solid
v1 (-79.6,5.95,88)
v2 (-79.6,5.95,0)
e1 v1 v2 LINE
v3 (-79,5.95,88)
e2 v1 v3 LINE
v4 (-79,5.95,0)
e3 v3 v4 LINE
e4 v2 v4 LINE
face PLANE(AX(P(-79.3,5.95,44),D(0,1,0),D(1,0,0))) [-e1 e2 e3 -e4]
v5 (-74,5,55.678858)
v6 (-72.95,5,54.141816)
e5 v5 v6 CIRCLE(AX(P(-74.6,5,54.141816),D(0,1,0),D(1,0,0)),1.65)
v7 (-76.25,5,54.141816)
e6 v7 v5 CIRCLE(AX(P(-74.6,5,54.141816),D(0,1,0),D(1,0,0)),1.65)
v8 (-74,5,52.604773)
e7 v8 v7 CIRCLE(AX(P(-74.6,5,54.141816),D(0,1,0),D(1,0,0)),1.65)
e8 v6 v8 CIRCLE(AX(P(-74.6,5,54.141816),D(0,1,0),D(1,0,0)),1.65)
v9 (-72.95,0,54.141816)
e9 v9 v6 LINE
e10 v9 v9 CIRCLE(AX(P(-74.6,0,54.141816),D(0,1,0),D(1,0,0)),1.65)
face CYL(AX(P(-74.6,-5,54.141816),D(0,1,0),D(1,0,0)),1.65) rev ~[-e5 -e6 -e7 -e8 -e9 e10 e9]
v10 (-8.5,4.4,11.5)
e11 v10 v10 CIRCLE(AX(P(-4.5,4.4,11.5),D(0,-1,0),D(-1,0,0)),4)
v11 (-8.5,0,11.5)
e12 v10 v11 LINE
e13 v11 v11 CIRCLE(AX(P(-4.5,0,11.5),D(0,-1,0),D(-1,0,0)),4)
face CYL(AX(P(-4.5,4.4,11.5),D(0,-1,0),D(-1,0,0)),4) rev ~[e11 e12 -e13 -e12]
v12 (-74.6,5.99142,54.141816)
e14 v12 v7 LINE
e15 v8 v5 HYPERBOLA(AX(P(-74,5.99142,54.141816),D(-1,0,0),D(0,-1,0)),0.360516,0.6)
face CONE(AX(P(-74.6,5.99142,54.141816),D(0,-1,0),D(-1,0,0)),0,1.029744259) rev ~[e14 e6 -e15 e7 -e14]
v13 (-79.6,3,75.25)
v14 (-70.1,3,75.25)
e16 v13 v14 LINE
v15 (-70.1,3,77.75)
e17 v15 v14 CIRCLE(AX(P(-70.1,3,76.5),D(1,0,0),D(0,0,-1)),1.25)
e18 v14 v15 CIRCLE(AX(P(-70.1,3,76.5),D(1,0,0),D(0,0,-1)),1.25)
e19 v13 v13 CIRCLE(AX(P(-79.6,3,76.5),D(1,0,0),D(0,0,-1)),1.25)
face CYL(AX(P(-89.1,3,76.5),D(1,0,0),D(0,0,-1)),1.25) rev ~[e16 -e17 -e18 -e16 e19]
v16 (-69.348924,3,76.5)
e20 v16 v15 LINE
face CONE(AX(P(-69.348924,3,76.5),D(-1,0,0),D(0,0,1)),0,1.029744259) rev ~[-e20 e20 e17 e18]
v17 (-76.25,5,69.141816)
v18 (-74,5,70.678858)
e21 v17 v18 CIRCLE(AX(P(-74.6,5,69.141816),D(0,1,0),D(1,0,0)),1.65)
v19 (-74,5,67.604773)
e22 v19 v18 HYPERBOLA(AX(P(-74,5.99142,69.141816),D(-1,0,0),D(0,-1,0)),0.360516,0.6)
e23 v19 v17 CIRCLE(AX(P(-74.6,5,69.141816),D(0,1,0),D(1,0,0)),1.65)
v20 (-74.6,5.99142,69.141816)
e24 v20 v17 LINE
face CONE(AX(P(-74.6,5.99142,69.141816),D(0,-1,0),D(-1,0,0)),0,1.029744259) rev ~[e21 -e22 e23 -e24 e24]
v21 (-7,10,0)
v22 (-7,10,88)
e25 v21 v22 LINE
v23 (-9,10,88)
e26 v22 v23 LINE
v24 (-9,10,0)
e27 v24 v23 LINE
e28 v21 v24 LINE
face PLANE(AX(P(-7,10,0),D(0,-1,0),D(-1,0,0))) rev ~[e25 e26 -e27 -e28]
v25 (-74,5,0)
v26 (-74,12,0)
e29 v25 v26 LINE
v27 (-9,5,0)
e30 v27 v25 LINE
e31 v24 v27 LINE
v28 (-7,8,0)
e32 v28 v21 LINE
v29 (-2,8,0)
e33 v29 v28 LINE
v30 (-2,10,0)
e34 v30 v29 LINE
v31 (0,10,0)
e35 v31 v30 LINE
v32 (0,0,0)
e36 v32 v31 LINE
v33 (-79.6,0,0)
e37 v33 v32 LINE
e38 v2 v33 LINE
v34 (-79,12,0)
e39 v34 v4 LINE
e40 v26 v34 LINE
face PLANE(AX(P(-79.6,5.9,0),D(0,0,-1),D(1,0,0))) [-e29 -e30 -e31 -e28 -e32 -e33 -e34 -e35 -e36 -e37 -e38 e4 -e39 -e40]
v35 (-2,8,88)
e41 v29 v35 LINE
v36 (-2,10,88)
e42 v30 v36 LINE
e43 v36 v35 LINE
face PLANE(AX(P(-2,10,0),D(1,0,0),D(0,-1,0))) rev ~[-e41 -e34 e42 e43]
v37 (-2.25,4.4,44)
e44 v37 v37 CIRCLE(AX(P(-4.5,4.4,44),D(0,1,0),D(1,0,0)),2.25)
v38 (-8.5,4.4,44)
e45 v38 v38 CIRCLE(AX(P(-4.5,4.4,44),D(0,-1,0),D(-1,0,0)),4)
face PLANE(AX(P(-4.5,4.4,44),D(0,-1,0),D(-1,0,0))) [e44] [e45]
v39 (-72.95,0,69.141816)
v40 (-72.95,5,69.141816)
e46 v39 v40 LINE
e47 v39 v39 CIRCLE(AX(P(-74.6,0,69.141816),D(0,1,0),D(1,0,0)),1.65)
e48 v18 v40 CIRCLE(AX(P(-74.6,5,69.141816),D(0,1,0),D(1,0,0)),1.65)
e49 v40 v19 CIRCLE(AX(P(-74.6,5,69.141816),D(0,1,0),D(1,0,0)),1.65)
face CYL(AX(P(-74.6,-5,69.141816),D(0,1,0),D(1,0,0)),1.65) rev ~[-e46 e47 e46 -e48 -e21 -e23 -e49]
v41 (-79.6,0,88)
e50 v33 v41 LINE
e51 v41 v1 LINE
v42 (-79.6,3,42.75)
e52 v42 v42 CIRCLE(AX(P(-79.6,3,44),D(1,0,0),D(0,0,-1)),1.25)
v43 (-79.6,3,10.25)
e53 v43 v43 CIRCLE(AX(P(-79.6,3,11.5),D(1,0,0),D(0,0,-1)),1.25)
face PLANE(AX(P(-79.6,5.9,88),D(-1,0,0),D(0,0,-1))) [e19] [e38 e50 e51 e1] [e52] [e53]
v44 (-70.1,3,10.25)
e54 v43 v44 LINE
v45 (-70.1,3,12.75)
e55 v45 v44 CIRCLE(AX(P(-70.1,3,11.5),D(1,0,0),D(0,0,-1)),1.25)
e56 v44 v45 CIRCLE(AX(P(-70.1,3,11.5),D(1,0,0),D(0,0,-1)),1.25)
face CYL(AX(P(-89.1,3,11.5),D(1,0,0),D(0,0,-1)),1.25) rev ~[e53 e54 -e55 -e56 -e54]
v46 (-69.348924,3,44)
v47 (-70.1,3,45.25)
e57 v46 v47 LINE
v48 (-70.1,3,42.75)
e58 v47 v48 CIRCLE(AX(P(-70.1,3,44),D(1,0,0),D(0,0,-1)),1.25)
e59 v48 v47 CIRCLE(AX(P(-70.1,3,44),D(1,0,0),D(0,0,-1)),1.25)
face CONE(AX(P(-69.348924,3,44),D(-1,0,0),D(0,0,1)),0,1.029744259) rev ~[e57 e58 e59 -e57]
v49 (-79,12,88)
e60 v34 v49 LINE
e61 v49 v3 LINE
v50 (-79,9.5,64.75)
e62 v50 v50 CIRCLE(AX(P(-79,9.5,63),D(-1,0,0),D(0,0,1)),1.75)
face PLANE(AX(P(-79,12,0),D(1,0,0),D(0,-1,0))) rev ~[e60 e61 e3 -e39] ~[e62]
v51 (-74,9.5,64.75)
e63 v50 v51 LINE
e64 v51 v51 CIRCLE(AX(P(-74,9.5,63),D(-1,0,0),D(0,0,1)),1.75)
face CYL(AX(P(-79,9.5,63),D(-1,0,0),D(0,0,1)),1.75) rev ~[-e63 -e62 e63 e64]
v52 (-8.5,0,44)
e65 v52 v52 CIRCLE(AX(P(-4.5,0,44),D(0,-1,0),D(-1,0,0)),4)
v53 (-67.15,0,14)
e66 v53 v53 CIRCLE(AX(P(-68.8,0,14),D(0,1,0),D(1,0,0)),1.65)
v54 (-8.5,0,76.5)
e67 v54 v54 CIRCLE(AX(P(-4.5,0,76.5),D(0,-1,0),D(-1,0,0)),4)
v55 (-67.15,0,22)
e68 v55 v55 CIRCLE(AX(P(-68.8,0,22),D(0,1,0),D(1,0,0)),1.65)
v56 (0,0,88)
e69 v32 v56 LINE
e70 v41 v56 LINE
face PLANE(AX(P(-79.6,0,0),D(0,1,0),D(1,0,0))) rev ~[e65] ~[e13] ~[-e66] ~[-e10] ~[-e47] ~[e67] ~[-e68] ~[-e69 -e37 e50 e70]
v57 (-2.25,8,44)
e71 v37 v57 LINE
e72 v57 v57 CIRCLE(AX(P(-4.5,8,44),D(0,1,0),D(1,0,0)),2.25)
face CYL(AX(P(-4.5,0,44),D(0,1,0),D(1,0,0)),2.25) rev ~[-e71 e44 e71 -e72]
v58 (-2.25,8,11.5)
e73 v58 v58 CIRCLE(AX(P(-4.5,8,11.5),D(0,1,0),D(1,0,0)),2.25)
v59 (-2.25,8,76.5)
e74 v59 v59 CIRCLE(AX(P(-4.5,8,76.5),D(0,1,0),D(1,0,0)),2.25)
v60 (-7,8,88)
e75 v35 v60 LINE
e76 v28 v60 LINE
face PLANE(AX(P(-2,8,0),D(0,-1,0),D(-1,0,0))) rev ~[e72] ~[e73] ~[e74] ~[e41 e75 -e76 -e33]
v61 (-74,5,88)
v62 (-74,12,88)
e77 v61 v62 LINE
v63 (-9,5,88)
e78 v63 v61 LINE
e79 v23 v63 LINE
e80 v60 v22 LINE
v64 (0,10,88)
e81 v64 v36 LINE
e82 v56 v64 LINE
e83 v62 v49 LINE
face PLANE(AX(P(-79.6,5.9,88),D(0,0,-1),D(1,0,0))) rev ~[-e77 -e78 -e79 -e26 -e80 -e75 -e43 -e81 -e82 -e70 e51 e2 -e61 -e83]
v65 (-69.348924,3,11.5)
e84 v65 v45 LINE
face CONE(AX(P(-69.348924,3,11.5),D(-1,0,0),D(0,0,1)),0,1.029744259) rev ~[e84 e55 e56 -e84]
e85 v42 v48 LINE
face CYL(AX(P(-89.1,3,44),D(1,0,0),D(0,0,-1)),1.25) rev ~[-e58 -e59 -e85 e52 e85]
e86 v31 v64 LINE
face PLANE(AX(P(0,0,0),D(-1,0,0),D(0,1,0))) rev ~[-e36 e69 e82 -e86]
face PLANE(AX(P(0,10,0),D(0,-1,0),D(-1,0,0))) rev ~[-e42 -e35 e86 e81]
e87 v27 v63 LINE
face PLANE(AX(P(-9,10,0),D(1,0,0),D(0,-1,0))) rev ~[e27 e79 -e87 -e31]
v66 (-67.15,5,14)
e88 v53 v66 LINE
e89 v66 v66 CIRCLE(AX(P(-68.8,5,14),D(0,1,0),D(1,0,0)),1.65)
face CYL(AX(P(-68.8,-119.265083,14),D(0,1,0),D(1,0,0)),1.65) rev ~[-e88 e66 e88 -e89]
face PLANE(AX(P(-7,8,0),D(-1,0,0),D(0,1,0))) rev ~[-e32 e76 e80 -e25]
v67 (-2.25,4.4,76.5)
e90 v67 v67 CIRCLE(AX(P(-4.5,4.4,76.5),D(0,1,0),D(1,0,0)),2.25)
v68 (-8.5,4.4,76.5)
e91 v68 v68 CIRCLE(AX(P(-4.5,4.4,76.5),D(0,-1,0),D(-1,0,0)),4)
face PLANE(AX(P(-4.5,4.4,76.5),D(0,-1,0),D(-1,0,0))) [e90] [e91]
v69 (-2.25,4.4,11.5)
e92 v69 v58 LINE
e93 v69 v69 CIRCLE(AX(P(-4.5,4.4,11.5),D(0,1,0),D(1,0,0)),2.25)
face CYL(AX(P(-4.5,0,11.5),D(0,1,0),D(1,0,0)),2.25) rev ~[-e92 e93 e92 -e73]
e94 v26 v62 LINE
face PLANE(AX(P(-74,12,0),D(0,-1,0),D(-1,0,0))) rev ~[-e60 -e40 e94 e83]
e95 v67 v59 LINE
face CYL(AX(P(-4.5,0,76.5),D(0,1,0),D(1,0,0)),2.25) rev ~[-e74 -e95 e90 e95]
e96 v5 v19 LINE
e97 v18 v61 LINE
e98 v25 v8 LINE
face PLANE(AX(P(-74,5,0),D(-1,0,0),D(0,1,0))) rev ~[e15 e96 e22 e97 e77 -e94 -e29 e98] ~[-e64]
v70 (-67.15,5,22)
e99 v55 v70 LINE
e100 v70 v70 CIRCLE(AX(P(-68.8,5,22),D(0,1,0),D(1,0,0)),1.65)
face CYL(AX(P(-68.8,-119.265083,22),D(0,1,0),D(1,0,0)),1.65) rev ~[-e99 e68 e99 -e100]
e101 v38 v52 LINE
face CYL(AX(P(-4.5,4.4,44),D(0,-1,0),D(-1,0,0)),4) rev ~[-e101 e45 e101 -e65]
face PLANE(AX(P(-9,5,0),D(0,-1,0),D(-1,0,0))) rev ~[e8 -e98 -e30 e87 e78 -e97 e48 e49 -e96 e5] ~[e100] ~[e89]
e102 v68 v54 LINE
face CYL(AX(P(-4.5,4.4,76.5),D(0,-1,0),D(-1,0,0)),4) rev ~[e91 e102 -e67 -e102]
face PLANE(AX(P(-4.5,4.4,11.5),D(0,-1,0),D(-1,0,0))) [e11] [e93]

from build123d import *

# Parameters (mm, degrees)
EXTRUDE_1_DEPTH              = 88
HOLE_WIZARD_M4_1_D           = 4.5
HOLE_WIZARD_M4_1_CBORE_D     = 8
HOLE_WIZARD_M4_1_CBORE_DEPTH = 4.4
HOLE_WIZARD_M4_1_2_D         = 3.3
HOLE_WIZARD_M3_1_D           = 2.5
HOLE_WIZARD_M3_1_DEPTH       = 9.5
HOLE_WIZARD_M3_1_TIP         = 0.751075774
SKETCH_8_R                   = 1.75
CUT_EXTRUDE_1_DEPTH          = 5
SKETCH_9_W                   = 0.6
SKETCH_9_H                   = 88
EXTRUDE_2_DEPTH              = 0.05
HOLE_WIZARD_M4_2_D           = 3.3
HOLE_WIZARD_M4_2_DEPTH       = 5
HOLE_WIZARD_M4_2_TIP         = 0.991420021


with BuildPart() as part:
    # 草图1 → 凸台-拉伸1 (new body)
    with BuildSketch(Plane.XY):
        Polygon((-9, 10), (-9, 5), (-74, 5), (-74, 12), (-79, 12), (-79, 5.9), (-79.6, 5.9), (-79.6, 0), (0, 0), (0, 10), (-2, 10), (-2, 8), (-7, 8), (-7, 10), align=None)
    extrude(amount=EXTRUDE_1_DEPTH)

    # Hole Wizard M4 _1 (through all)
    with Locations(Plane(origin=(0, 0, 0), x_dir=(-1, 0, 0), z_dir=(0, -1, 0))):
        with Locations((4.5, -11.5), (4.5, -44), (4.5, -76.5)):
            CounterBoreHole(HOLE_WIZARD_M4_1_D / 2, HOLE_WIZARD_M4_1_CBORE_D / 2, HOLE_WIZARD_M4_1_CBORE_DEPTH)

    # Hole Wizard M4 _1 2 (through all)
    with Locations(Plane(origin=(0, 0, 0), x_dir=(-1, 0, 0), z_dir=(0, -1, 0))):
        with Locations((68.8, -14), (68.8, -22)):
            Hole(HOLE_WIZARD_M4_1_2_D / 2)

    # M3 螺纹孔1
    with Locations(Plane.ZY.offset(79.6)):
        with Locations((11.5, 3), (44, 3), (76.5, 3)):
            Hole(HOLE_WIZARD_M3_1_D / 2, depth=HOLE_WIZARD_M3_1_DEPTH)
            with Locations((0, 0, -(HOLE_WIZARD_M3_1_DEPTH + HOLE_WIZARD_M3_1_TIP / 2))):  # 118° drill point
                Cone(0, HOLE_WIZARD_M3_1_D / 2, HOLE_WIZARD_M3_1_TIP, mode=Mode.SUBTRACT)

    # 草图8 → 切除-拉伸1 (cut)
    with BuildSketch(Plane.ZY.offset(79)):
        with Locations((63, 9.5)):
            Circle(SKETCH_8_R)
    extrude(amount=-CUT_EXTRUDE_1_DEPTH, mode=Mode.SUBTRACT)

    # 草图9 → 凸台-拉伸2 (add)
    with BuildSketch(Plane(origin=(0, 5.9, 0), x_dir=(1, 0, 0), z_dir=(0, 1, 0))):
        with Locations((-79.3, -44)):
            Rectangle(SKETCH_9_W, SKETCH_9_H)
    extrude(amount=EXTRUDE_2_DEPTH)

    # M4 螺纹孔2
    with Locations(Plane(origin=(0, 0, 0), x_dir=(-1, 0, 0), z_dir=(0, -1, 0))):
        with Locations((74.6, -54.141815628), (74.6, -69.141815628)):
            Hole(HOLE_WIZARD_M4_2_D / 2, depth=HOLE_WIZARD_M4_2_DEPTH)
            with Locations((0, 0, -(HOLE_WIZARD_M4_2_DEPTH + HOLE_WIZARD_M4_2_TIP / 2))):  # 118° drill point
                Cone(0, HOLE_WIZARD_M4_2_D / 2, HOLE_WIZARD_M4_2_TIP, mode=Mode.SUBTRACT)


solid = part.part
